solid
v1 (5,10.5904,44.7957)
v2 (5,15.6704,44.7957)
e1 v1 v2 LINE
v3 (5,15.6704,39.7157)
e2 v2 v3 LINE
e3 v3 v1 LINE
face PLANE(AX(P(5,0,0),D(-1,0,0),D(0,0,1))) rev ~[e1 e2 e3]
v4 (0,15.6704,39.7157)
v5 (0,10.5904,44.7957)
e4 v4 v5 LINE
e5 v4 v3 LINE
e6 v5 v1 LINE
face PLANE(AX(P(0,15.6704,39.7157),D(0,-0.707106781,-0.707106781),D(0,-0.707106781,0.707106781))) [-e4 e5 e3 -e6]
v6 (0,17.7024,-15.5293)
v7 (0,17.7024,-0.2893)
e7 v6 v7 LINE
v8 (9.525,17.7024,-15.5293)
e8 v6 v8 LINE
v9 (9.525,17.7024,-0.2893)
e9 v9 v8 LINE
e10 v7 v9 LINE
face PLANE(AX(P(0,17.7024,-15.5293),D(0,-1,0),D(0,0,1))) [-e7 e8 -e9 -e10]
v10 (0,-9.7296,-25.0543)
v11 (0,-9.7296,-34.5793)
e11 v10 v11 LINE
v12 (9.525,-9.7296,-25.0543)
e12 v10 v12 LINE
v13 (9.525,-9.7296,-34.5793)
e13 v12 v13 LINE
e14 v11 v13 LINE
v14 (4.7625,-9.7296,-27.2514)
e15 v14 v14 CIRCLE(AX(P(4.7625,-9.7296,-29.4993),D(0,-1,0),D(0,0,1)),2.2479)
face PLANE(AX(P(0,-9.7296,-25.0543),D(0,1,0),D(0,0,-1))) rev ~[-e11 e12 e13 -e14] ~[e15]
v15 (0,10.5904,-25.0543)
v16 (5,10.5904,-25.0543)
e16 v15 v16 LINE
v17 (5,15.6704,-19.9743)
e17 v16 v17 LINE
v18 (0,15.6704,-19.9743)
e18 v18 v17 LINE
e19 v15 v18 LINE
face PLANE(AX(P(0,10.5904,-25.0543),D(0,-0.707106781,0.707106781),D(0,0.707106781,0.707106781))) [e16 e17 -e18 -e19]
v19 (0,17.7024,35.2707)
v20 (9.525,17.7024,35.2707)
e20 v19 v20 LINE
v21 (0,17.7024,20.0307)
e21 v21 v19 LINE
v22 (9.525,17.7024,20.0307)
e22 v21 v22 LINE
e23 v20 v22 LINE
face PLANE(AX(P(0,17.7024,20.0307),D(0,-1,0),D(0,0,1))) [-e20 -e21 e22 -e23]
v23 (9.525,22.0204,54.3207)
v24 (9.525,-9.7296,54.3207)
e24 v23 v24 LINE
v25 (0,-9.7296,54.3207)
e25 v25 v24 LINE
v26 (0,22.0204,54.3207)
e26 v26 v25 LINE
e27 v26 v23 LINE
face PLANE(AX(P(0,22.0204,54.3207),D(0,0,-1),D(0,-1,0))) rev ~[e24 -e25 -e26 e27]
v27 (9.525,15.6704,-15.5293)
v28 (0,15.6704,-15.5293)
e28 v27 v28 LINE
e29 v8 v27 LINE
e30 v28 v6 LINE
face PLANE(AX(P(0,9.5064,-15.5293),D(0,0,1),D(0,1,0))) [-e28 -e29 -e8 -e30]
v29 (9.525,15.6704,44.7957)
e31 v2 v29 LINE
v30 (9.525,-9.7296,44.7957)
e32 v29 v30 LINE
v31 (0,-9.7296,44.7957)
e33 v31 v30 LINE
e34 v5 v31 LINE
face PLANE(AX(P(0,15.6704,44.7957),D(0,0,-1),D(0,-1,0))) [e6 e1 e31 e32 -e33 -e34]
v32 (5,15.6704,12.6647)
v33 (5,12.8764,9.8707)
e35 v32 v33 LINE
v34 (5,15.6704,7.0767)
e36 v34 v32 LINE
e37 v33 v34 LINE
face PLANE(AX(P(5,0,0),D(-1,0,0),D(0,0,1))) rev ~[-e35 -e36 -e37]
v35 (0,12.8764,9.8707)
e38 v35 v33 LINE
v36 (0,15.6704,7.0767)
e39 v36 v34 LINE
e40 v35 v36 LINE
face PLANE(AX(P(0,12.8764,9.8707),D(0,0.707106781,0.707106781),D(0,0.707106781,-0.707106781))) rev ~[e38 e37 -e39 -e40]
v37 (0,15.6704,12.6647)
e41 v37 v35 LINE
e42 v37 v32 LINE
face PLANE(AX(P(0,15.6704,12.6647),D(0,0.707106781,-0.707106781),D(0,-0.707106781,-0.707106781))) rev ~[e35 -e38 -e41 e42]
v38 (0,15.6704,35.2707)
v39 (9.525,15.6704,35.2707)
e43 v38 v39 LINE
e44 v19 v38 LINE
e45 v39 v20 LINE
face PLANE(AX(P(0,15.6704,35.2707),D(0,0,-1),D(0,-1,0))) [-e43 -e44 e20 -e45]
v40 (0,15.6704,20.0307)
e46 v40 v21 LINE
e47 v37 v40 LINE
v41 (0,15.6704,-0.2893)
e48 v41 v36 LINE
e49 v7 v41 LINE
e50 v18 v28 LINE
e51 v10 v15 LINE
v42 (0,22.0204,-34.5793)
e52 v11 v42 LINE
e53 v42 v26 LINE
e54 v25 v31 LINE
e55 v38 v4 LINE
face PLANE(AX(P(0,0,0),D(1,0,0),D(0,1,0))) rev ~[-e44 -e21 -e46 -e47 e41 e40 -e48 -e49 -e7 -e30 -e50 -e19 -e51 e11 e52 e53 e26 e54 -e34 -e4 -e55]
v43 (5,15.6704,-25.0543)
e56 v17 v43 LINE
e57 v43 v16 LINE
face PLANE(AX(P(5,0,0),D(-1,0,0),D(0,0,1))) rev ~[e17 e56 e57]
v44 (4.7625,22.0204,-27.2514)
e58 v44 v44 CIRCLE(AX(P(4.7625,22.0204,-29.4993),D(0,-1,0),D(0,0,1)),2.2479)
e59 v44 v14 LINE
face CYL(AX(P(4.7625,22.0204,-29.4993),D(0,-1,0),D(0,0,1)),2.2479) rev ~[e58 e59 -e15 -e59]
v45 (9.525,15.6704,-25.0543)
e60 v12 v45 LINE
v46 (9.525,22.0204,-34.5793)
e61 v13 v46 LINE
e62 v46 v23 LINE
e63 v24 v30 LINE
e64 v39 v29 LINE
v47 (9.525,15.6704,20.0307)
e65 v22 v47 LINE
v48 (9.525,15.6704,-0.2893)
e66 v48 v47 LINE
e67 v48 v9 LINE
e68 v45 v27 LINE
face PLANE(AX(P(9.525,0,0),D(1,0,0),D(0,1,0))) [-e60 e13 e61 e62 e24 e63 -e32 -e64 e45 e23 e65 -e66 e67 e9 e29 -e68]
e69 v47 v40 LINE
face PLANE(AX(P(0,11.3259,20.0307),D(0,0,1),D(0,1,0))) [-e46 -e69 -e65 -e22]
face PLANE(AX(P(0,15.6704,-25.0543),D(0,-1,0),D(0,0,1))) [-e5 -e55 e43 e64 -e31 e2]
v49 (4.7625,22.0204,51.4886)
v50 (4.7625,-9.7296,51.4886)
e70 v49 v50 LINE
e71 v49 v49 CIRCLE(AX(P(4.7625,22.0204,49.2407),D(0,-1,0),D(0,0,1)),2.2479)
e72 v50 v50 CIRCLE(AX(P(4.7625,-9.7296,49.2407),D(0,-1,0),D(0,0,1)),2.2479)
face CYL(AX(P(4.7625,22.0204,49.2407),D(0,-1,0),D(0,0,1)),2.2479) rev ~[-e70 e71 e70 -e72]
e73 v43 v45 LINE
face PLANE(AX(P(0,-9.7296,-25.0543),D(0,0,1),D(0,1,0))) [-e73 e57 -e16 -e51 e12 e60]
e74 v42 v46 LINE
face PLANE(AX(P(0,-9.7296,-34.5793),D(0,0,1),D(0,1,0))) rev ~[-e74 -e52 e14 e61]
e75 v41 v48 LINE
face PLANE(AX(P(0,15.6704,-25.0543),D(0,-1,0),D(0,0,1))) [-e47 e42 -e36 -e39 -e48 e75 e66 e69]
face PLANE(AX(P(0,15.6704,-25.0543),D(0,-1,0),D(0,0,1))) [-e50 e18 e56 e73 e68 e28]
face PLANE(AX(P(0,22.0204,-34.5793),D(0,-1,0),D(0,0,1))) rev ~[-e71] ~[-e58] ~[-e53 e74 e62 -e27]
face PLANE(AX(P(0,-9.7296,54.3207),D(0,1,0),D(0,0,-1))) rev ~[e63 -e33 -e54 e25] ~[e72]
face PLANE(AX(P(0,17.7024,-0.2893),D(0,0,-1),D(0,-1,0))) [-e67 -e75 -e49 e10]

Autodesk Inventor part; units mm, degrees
ref_plane "YZ Plane" through (0, 0, 0) normal (1, 0, 0) x (0, 1, 0)
ref_plane "XZ Plane" through (0, 0, 0) normal (0, 1, 0) x (-1, 0, 0)
ref_plane "XY Plane" through (0, 0, 0) normal (0, 0, 1) x (1, 0, 0)
sketch "Sketch1" plane through (0, 0, 0) normal (1, 0, 0) x (0, 1, 0)
  line L0 (22.0204, 54.3207) -> (-9.7296, 54.3207)
  line L1 (-9.7296, -34.5793) -> (22.0204, -34.5793)
  line L2 (22.0204, -34.5793) -> (22.0204, 54.3207)
  line L3 (15.6704, 44.7957) -> (-9.7296, 44.7957)
  line L4 (-9.7296, -25.0543) -> (15.6704, -25.0543)
  line L5 (15.6704, -25.0543) -> (15.6704, 44.7957)
  line L6 (-9.7296, 54.3207) -> (-9.7296, 44.7957)
  line L7 (-9.7296, -25.0543) -> (-9.7296, -34.5793)
  dimension "d0" = 88.9
  dimension "d2" = 6.35
  dimension "d3" = 9.525
  dimension "d4" = 9.525
  dimension "d7" = 25.4
  dimension "d8" = 0
extrude "Extrusion1" add sketch "Sketch1" along normal blind 9.525
sketch "Sketch2" plane through (0, 22.0204, 54.3207) normal (0, 1, 0) x (1, 0, 0)
  line L0 (0, 88.9) -> (9.525, 88.9) projected
  line L1 (0, 0) -> (9.525, 0) projected
  line L2 (0, 88.9) -> (0, 0) projected
  point P0 (0, 54.3207)
  point P1 (4.7625, 5.08)
  point P2 (4.7625, 83.82)
  dimension "d9" = 5.08
  dimension "d10" = 5.08
  dimension "d11" = 4.7625
  dimension "d12" = 0
hole "Hole1" at (4.7625, 22.0204, 49.2407) at (4.7625, 22.0204, -29.4993) direction (0, -1, 0) diameter 4.4958 end through all clearance for "Flat Head Machine Screw (82)" size "#8" standard "Ansi Unified Screw Threads"
sketch "Sketch4" plane through (0, 0, 0) normal (-1, 0, 0) x (0, 0, 1)
  line L0 (44.7957, 15.6704) -> (-25.0543, 15.6704) projected
  line L1 (44.7957, -9.7296) -> (44.7957, 15.6704) projected
  line L2 (-25.0543, 15.6704) -> (-25.0543, -9.7296) projected
  line L3 (-25.0543, 10.5904) -> (-19.9743, 15.6704)
  line L4 (-19.9743, 15.6704) -> (-25.0543, 15.6704)
  line L5 (-25.0543, 15.6704) -> (-25.0543, 10.5904)
  line L6 (44.7957, 10.5904) -> (44.7957, 15.6704)
  line L7 (44.7957, 15.6704) -> (39.7157, 15.6704)
  line L8 (39.7157, 15.6704) -> (44.7957, 10.5904)
  point P0 (0, 0)
  dimension "d20" = 45
  dimension "d21" = 5.08
  dimension "d22" = 0
  dimension "d23" = 0
  dimension "d24" = 45
  dimension "d25" = 5.08
  dimension "d26" = 0
  dimension "d27" = 0
extrude "Extrusion2" add sketch "Sketch4" against normal blind 5
sketch "Sketch5" plane through (0, 0, 0) normal (-1, 0, 0) x (0, 0, 1)
  line L0 (7.0767, 15.6704) -> (12.6647, 15.6704)
  line L1 (12.6647, 15.6704) -> (9.8707, 12.8764)
  line L2 (9.8707, 12.8764) -> (7.0767, 15.6704)
  line L3 (39.7157, 15.6704) -> (-19.9743, 15.6704) projected
  line L4 (-34.5793, -9.7296) -> (-34.5793, 22.0204) projected
  point P0 (0, 0)
  dimension "d30" = 90
  dimension "d31" = 45
  dimension "d32" = 2.794
  dimension "d33" = 0
  dimension "d34" = 44.45
extrude "Extrusion3" add sketch "Sketch5" against normal blind 5
sketch "Sketch6" plane through (0, 0, 0) normal (-1, 0, 0) x (0, 0, 1)
  line L0 (-0.2893, 9.5064) -> (-15.5293, 9.5064)
  line L1 (-15.5293, 9.5064) -> (-15.5293, 17.7024)
  line L2 (-15.5293, 17.7024) -> (-0.2893, 17.7024)
  line L3 (-0.2893, 17.7024) -> (-0.2893, 9.5064)
  line L4 (35.2707, 11.3259) -> (20.0307, 11.3259)
  line L5 (20.0307, 11.3259) -> (20.0307, 17.7024)
  line L6 (20.0307, 17.7024) -> (35.2707, 17.7024)
  line L7 (35.2707, 17.7024) -> (35.2707, 11.3259)
  line L8 (39.7157, 15.6704) -> (12.6647, 15.6704) projected
  line L9 (-34.5793, -9.7296) -> (-34.5793, 22.0204) projected
  line L10 (54.3207, 22.0204) -> (54.3207, -9.7296) projected
  point P0 (0, 0)
  dimension "d37" = 2.032
  dimension "d38" = 0
  dimension "d39" = 19.05
  dimension "d40" = 19.05
  dimension "d42" = 15.24
  dimension "d43" = 15.24
extrude "Extrusion4" cut sketch "Sketch6" against normal blind 254
properties part number "SparkMaxTop"
